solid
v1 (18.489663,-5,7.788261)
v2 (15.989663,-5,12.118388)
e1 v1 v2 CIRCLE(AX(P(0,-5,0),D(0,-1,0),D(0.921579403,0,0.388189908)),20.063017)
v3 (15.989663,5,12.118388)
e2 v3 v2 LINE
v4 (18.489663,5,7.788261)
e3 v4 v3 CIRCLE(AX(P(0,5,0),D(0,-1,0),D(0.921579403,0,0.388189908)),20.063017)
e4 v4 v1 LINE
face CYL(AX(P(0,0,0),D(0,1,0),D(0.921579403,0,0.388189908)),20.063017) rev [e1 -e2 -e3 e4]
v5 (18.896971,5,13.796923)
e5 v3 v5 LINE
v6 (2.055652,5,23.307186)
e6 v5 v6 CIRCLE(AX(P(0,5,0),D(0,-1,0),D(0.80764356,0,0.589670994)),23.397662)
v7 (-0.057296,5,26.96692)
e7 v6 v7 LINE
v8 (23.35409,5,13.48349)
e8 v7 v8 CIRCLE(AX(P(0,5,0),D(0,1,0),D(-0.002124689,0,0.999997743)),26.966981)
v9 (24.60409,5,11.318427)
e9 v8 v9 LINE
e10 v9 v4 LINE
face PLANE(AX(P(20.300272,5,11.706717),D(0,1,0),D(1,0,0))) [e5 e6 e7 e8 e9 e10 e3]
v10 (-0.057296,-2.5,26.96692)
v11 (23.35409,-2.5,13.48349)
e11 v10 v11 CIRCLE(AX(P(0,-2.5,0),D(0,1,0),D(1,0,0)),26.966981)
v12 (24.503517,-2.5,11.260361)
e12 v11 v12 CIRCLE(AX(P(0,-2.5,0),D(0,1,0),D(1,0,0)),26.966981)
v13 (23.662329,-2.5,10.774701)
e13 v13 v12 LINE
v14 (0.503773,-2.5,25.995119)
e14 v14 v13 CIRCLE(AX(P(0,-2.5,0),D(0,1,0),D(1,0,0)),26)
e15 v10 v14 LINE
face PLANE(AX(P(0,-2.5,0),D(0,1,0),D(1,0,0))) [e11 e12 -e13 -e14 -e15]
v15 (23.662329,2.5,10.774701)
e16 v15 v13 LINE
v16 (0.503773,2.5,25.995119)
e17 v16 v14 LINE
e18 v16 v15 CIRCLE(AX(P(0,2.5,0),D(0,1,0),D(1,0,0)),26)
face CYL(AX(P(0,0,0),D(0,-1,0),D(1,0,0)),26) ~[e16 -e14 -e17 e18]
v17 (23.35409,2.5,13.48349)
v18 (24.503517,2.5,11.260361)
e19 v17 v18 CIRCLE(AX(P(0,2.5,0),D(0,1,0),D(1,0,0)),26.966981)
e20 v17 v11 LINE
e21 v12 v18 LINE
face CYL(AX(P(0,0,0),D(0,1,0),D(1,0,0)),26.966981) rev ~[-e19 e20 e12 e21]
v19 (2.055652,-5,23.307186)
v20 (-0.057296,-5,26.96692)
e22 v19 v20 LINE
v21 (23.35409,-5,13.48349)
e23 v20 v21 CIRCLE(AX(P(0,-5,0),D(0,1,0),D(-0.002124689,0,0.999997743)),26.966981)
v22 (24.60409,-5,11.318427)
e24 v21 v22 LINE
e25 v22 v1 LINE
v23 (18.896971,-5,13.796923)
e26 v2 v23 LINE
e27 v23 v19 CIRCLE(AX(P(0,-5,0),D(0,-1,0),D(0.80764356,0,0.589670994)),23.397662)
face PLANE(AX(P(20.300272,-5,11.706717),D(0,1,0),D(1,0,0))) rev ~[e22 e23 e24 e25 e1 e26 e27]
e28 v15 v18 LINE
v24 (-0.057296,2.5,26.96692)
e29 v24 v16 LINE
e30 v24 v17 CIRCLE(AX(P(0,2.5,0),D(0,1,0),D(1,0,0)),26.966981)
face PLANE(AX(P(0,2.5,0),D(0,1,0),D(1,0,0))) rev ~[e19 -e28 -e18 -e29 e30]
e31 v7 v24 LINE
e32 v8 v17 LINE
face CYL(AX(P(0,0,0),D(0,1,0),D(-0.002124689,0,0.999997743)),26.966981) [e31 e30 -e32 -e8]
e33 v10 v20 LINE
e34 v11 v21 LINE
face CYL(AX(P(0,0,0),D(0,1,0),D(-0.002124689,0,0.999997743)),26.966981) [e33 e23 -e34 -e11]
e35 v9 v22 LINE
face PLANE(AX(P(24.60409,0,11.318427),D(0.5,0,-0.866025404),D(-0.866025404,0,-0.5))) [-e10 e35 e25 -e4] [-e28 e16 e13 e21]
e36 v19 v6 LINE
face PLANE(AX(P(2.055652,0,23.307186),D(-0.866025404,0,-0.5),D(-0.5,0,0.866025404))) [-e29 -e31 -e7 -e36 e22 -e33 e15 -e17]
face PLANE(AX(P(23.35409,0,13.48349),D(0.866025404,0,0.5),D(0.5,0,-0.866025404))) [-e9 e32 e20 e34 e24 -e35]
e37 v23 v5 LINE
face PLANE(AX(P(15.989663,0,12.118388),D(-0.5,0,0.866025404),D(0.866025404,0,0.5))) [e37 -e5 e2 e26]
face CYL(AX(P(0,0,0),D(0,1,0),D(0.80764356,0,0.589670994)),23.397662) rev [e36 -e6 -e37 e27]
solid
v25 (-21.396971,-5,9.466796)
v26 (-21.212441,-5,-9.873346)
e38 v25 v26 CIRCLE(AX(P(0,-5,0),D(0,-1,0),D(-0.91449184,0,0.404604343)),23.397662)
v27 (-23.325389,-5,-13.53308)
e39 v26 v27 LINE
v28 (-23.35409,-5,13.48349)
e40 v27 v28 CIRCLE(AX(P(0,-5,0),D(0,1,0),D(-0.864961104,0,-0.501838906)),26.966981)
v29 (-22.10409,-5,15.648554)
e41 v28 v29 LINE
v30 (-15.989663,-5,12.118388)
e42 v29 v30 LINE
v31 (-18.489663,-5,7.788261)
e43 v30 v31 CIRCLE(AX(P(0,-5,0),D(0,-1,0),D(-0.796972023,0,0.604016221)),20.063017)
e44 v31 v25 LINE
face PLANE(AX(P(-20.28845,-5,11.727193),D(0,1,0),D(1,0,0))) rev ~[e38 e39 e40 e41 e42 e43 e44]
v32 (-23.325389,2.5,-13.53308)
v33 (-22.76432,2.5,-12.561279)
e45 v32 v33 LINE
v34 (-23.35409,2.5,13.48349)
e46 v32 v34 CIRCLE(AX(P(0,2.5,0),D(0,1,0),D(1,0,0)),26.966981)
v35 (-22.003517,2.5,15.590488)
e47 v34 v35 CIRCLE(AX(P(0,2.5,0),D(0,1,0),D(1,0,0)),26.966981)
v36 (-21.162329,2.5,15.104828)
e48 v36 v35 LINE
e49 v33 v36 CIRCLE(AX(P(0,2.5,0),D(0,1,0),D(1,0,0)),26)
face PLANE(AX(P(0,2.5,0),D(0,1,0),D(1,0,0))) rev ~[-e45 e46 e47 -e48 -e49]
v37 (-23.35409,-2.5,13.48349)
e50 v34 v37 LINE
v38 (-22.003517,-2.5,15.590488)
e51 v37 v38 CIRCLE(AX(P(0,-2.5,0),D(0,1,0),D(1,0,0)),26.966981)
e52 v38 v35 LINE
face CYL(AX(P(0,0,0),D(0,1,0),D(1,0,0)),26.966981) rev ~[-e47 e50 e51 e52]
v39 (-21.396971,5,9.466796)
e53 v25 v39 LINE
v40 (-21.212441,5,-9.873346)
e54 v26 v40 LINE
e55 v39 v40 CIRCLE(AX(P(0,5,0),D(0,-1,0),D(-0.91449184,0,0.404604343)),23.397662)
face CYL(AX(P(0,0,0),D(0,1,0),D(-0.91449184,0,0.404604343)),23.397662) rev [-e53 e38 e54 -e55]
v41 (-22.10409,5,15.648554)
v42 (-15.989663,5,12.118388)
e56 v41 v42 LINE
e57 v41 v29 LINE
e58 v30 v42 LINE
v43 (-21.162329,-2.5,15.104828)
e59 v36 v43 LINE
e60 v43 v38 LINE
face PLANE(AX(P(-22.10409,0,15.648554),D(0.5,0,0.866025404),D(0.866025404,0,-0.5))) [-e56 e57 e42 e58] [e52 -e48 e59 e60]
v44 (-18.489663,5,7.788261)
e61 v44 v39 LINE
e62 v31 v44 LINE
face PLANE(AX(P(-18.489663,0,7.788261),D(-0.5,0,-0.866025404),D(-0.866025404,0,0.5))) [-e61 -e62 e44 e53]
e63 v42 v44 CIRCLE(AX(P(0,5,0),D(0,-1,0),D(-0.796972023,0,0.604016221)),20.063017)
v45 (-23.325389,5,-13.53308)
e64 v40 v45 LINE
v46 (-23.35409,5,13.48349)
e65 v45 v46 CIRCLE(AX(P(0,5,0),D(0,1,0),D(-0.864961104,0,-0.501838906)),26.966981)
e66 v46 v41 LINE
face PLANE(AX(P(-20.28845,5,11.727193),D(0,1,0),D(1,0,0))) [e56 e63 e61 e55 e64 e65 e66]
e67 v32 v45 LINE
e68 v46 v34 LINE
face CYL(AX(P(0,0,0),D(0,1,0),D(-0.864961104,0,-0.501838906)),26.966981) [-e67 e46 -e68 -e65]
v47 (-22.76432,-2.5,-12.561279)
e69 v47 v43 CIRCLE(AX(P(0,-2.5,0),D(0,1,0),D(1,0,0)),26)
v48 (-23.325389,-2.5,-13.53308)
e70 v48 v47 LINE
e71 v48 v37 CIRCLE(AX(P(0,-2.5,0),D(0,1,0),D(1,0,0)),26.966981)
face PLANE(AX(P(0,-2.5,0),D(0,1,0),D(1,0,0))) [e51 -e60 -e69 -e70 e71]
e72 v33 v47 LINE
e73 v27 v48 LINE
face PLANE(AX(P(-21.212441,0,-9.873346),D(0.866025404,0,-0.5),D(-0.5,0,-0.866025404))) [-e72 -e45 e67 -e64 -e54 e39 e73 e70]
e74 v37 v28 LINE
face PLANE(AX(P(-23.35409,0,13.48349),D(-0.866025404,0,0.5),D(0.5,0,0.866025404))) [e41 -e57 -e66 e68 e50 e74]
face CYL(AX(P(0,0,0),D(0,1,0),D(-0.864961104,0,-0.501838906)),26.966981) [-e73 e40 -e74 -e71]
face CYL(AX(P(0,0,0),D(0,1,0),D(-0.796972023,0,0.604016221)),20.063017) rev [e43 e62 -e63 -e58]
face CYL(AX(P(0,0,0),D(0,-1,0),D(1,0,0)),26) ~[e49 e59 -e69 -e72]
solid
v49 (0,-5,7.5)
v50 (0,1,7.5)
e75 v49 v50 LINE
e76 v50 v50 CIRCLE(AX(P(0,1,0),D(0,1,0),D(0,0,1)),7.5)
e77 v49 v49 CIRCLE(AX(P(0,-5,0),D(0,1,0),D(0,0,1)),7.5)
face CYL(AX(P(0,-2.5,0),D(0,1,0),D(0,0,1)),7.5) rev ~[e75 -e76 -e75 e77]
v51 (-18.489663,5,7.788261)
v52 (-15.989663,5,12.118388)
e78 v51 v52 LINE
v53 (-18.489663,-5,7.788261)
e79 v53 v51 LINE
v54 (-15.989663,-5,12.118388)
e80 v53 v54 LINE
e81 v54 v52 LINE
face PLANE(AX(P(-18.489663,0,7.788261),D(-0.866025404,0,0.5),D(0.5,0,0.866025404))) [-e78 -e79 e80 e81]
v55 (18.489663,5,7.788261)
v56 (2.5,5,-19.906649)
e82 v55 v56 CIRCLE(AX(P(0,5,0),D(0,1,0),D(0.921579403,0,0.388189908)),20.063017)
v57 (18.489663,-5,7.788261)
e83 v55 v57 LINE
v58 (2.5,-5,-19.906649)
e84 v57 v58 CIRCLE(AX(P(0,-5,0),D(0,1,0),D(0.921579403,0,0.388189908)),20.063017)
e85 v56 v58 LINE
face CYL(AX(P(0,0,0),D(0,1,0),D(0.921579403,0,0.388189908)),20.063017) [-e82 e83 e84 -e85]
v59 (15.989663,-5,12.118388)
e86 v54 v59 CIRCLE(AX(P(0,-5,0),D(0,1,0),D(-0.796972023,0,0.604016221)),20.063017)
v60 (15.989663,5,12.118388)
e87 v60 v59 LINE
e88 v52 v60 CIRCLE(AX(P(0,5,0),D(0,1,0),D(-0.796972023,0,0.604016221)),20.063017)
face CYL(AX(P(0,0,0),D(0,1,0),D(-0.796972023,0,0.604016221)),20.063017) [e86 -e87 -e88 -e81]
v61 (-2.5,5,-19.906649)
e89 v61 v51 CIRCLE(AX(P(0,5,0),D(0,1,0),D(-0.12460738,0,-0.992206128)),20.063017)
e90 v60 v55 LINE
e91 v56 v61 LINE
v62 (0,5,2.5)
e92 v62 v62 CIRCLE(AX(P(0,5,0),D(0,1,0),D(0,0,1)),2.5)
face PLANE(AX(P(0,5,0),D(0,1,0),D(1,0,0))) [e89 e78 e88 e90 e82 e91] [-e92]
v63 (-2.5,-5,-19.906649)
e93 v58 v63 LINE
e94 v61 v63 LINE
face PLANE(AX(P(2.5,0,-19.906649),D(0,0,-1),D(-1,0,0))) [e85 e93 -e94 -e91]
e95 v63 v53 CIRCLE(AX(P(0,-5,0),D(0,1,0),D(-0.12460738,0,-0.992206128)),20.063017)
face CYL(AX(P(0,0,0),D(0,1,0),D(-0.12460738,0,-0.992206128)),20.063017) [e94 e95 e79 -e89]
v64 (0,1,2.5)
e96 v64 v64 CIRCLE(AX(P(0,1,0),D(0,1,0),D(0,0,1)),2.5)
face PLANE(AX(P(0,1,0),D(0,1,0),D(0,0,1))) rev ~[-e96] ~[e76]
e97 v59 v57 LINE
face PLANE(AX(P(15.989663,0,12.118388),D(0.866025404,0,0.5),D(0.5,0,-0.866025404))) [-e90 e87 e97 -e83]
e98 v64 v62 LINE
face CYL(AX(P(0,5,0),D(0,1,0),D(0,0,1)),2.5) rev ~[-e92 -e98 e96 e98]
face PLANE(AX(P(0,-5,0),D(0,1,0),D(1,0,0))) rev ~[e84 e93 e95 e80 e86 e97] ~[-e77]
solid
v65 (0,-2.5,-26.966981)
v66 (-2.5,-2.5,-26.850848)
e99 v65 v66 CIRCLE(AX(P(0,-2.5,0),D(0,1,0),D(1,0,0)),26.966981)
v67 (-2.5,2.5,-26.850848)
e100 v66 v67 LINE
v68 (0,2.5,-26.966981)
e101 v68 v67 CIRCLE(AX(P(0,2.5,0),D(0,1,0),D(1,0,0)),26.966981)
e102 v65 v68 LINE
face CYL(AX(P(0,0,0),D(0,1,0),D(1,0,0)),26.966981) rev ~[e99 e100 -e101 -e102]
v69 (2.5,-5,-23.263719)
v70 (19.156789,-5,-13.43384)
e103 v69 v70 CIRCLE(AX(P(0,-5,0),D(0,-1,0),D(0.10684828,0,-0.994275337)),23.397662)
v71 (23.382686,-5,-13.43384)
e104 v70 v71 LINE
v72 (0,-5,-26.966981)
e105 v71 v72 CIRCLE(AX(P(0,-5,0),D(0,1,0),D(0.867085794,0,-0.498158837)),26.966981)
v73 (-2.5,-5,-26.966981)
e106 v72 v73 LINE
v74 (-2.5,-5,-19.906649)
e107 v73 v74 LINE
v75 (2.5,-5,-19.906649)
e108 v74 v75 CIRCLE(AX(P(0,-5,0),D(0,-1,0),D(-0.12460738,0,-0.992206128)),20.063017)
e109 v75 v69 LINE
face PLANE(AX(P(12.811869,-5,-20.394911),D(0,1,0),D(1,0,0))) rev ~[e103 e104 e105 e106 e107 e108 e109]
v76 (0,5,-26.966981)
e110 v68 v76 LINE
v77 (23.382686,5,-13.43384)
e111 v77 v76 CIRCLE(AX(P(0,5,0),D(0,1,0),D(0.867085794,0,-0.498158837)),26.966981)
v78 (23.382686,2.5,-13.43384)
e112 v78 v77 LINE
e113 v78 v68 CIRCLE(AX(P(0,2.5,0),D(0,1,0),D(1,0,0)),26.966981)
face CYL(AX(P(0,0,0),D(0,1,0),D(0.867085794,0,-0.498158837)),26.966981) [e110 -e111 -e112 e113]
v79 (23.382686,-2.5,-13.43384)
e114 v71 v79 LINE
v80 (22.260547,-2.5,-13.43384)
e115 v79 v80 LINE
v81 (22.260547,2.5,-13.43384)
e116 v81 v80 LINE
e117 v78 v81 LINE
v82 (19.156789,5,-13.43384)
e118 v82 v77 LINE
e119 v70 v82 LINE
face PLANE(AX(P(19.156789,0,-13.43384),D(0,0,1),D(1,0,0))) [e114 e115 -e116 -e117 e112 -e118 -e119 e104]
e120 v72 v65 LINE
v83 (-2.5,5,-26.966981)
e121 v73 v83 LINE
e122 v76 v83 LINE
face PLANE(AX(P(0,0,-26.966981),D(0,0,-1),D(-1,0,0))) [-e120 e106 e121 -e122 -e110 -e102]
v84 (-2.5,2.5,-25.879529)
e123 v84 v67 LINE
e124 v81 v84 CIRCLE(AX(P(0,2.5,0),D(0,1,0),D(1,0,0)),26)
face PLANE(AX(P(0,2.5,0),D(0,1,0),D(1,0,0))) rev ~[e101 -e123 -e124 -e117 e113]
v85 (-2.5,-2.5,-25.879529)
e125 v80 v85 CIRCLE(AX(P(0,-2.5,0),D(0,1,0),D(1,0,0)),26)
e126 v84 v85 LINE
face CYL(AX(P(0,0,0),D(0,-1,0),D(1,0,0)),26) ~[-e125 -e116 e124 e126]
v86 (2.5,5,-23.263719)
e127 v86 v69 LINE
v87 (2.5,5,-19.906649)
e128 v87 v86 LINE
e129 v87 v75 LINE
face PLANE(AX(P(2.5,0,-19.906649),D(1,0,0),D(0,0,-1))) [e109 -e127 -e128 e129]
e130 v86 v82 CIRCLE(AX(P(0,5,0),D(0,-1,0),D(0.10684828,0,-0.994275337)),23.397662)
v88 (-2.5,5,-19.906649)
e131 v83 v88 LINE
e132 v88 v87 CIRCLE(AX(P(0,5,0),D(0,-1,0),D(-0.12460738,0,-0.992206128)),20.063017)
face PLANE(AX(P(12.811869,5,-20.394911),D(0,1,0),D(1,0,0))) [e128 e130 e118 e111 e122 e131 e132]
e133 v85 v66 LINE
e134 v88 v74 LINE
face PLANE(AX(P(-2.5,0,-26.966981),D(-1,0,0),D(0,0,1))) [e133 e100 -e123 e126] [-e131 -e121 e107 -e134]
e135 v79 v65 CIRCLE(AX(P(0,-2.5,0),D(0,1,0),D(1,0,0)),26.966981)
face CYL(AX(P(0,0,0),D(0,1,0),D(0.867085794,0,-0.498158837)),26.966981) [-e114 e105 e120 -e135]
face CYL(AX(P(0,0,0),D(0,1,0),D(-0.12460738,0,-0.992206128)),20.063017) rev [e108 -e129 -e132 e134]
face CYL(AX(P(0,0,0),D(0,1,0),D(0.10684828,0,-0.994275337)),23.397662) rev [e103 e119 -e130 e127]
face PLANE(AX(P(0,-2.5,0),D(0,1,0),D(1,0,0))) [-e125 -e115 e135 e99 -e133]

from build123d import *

# Parameters (mm, degrees)
BOSS_EXTRUDE1_DEPTH = 5
SKETCH2_R           = 26.9669807454053
SKETCH2_R_2         = 26
CUT_EXTRUDE1_DEPTH  = 2.5
SKETCH3_R           = 2.5
CUT_EXTRUDE2_DEPTH  = 7.5
SKETCH4_R           = 7.5
CUT_EXTRUDE3_DEPTH  = 3.5


with BuildPart() as part:
    # Sketch1 → Boss-Extrude1 (new, symmetric)
    with BuildSketch(Plane(origin=(0, 0, 0), x_dir=(1, 0, 0), z_dir=(0, 1, 0))):
        with BuildLine():
            ThreePointArc((20.063017132795874, 0), (15.044636906599731, 13.27341541651726), (2.49999999999975, 19.9066485494385))
            Line((2.5000000000000173, 19.906648549440643), (-2.4999999999982294, 19.906648549440643))
            ThreePointArc((-2.4999999999979883, 19.906648549438724), (-17.375082513563218, 10.031508566398701), (-18.48966334802226, -7.788260765258384))
            Line((-18.489663348024244, -7.788260765259216), (-15.98966334802512, -12.118387784179893))
            ThreePointArc((-15.989663348023583, -12.11838778417872), (-8.9466e-13, -20.063017132795874), (15.989663348022514, -12.118387784180133))
            Line((15.989663348024235, -12.11838778418143), (18.489663348023356, -7.788260765260754))
            ThreePointArc((18.489663348021576, -7.7882607652599996), (19.665745460086754, -3.9727964923889556), (20.063017132795874, -4.91e-15))
        make_face()
        with BuildLine():
            ThreePointArc((-15.989663348023583, -12.11838778417872), (-17.375082513564102, -10.031508566397168), (-18.489663348022262, -7.788260765258375))
            Line((-18.489663348024244, -7.788260765259216), (-21.3969713936379, -9.466795848011426))
            Line((-21.3969713936379, -9.466795848011426), (-24.50351667796262, -11.260360604166063))
            ThreePointArc((-24.503516677963194, -11.26036060416524), (-23.954607386329478, -12.385266871967934), (-23.35409038888675, -13.483490372702635))
            Line((-23.354090388886846, -13.48349037270269), (-22.104090388887734, -15.648553882162249))
            Line((-22.104090388887734, -15.648553882162249), (-15.98966334802512, -12.118387784179893))
        make_face()
        with BuildLine():
            Line((-24.50351667796262, -11.260360604166063), (-21.3969713936379, -9.466795848011426))
            ThreePointArc((-21.396971393638005, -9.46679584801125), (-23.396597505564916, 0.2232344298700557), (-21.21244090731292, 9.873345897001858))
            Line((-21.212440907312917, 9.873345897001856), (-23.325389447998635, 13.533080123248036))
            ThreePointArc((-23.32538944799864, 13.53308012324804), (-26.936587405932773, 1.2799646266991034), (-24.503516677963198, -11.26036060416524))
        make_face()
        with BuildLine():
            Line((24.604090388885975, -11.318426863243111), (18.489663348023356, -7.788260765260754))
            ThreePointArc((18.489663348021576, -7.7882607652599996), (17.375082513563214, -10.031508566398703), (15.989663348022514, -12.118387784180133))
            Line((15.989663348024235, -12.11838778418143), (18.896971393637905, -13.796922866933649))
            Line((18.896971393637905, -13.796922866933649), (22.003516677962654, -15.590487623088306))
            ThreePointArc((22.003516677962352, -15.590487623088949), (22.703259436938875, -14.552665098259599), (23.35409038888676, -13.483490372702617))
            Line((23.35409038888686, -13.483490372702676), (24.604090388885975, -11.318426863243111))
        make_face()
        with BuildLine():
            Line((22.003516677962654, -15.590487623088306), (18.896971393637905, -13.796922866933649))
            ThreePointArc((18.89697139363786, -13.796922866933729), (11.504972065515755, -20.37366501687383), (2.05565208650211, -23.307185650510142))
            Line((2.055652086502111, -23.307185650510142), (-0.05729645418372886, -26.966919876756325))
            ThreePointArc((-0.05729645418372531, -26.96691987675633), (12.359811820299626, -23.967751298147242), (22.003516677962352, -15.59048762308895))
        make_face()
        with BuildLine():
            ThreePointArc((2.500000000000001, 23.263718714945085), (11.891625440049078, 20.15043058700393), (19.1567888208108, 13.433839753508472))
            Line((19.156788820810803, 13.433839753508472), (23.382685902182367, 13.433839753508277))
            ThreePointArc((23.38268590218237, 13.433839753508279), (14.57677558563277, 22.687786671448528), (2.499999999999801, 26.85084822725454))
            Line((2.5000000000000204, 26.85084822725456), (2.500000000000019, 23.263718714945085))
        make_face()
        with BuildLine():
            Line((2.5000000000000178, 19.906648549440643), (2.500000000000019, 23.263718714945085))
            Line((2.500000000000019, 23.263718714945085), (2.5000000000000204, 26.85084822725456))
            ThreePointArc((2.499999999999801, 26.85084822725454), (1.2513479493900797, 26.937931970227677), (0, 26.966980745405245))
            Line((0, 26.966980745405355), (-2.4999999999982263, 26.966980745405355))
            Line((-2.4999999999982263, 26.966980745405355), (-2.4999999999982294, 19.906648549440643))
            ThreePointArc((-2.4999999999979883, 19.906648549438724), (8.8775e-13, 20.063017132795874), (2.49999999999975, 19.9066485494385))
        make_face()
    extrude(amount=BOSS_EXTRUDE1_DEPTH, both=True)

    # Sketch2 → Cut-Extrude1 (cut, symmetric)
    with BuildSketch(Plane(origin=(0, 0, 0), x_dir=(1, 0, 0), z_dir=(0, 1, 0))):
        Circle(SKETCH2_R)
        Circle(SKETCH2_R_2, mode=Mode.SUBTRACT)
    extrude(amount=CUT_EXTRUDE1_DEPTH, both=True, mode=Mode.SUBTRACT)

    # Sketch3 → Cut-Extrude2 (cut, symmetric)
    with BuildSketch(Plane(origin=(0, 5, 0), x_dir=(1, 0, 0), z_dir=(0, 1, 0))):
        with Locations(Location((0, 0, 0), (0, 0, 270))):
            Circle(SKETCH3_R)
    extrude(amount=CUT_EXTRUDE2_DEPTH, both=True, mode=Mode.SUBTRACT)

    # Sketch4 → Cut-Extrude3 (cut, symmetric)
    with BuildSketch(Plane(origin=(0, -2.4999999999999987, 0), x_dir=(1, 0, 0), z_dir=(0, 1, 0))):
        with Locations(Location((0, 0, 0), (0, 0, 270))):
            Circle(SKETCH4_R)
    extrude(amount=CUT_EXTRUDE3_DEPTH, both=True, mode=Mode.SUBTRACT)


solid = part.part
